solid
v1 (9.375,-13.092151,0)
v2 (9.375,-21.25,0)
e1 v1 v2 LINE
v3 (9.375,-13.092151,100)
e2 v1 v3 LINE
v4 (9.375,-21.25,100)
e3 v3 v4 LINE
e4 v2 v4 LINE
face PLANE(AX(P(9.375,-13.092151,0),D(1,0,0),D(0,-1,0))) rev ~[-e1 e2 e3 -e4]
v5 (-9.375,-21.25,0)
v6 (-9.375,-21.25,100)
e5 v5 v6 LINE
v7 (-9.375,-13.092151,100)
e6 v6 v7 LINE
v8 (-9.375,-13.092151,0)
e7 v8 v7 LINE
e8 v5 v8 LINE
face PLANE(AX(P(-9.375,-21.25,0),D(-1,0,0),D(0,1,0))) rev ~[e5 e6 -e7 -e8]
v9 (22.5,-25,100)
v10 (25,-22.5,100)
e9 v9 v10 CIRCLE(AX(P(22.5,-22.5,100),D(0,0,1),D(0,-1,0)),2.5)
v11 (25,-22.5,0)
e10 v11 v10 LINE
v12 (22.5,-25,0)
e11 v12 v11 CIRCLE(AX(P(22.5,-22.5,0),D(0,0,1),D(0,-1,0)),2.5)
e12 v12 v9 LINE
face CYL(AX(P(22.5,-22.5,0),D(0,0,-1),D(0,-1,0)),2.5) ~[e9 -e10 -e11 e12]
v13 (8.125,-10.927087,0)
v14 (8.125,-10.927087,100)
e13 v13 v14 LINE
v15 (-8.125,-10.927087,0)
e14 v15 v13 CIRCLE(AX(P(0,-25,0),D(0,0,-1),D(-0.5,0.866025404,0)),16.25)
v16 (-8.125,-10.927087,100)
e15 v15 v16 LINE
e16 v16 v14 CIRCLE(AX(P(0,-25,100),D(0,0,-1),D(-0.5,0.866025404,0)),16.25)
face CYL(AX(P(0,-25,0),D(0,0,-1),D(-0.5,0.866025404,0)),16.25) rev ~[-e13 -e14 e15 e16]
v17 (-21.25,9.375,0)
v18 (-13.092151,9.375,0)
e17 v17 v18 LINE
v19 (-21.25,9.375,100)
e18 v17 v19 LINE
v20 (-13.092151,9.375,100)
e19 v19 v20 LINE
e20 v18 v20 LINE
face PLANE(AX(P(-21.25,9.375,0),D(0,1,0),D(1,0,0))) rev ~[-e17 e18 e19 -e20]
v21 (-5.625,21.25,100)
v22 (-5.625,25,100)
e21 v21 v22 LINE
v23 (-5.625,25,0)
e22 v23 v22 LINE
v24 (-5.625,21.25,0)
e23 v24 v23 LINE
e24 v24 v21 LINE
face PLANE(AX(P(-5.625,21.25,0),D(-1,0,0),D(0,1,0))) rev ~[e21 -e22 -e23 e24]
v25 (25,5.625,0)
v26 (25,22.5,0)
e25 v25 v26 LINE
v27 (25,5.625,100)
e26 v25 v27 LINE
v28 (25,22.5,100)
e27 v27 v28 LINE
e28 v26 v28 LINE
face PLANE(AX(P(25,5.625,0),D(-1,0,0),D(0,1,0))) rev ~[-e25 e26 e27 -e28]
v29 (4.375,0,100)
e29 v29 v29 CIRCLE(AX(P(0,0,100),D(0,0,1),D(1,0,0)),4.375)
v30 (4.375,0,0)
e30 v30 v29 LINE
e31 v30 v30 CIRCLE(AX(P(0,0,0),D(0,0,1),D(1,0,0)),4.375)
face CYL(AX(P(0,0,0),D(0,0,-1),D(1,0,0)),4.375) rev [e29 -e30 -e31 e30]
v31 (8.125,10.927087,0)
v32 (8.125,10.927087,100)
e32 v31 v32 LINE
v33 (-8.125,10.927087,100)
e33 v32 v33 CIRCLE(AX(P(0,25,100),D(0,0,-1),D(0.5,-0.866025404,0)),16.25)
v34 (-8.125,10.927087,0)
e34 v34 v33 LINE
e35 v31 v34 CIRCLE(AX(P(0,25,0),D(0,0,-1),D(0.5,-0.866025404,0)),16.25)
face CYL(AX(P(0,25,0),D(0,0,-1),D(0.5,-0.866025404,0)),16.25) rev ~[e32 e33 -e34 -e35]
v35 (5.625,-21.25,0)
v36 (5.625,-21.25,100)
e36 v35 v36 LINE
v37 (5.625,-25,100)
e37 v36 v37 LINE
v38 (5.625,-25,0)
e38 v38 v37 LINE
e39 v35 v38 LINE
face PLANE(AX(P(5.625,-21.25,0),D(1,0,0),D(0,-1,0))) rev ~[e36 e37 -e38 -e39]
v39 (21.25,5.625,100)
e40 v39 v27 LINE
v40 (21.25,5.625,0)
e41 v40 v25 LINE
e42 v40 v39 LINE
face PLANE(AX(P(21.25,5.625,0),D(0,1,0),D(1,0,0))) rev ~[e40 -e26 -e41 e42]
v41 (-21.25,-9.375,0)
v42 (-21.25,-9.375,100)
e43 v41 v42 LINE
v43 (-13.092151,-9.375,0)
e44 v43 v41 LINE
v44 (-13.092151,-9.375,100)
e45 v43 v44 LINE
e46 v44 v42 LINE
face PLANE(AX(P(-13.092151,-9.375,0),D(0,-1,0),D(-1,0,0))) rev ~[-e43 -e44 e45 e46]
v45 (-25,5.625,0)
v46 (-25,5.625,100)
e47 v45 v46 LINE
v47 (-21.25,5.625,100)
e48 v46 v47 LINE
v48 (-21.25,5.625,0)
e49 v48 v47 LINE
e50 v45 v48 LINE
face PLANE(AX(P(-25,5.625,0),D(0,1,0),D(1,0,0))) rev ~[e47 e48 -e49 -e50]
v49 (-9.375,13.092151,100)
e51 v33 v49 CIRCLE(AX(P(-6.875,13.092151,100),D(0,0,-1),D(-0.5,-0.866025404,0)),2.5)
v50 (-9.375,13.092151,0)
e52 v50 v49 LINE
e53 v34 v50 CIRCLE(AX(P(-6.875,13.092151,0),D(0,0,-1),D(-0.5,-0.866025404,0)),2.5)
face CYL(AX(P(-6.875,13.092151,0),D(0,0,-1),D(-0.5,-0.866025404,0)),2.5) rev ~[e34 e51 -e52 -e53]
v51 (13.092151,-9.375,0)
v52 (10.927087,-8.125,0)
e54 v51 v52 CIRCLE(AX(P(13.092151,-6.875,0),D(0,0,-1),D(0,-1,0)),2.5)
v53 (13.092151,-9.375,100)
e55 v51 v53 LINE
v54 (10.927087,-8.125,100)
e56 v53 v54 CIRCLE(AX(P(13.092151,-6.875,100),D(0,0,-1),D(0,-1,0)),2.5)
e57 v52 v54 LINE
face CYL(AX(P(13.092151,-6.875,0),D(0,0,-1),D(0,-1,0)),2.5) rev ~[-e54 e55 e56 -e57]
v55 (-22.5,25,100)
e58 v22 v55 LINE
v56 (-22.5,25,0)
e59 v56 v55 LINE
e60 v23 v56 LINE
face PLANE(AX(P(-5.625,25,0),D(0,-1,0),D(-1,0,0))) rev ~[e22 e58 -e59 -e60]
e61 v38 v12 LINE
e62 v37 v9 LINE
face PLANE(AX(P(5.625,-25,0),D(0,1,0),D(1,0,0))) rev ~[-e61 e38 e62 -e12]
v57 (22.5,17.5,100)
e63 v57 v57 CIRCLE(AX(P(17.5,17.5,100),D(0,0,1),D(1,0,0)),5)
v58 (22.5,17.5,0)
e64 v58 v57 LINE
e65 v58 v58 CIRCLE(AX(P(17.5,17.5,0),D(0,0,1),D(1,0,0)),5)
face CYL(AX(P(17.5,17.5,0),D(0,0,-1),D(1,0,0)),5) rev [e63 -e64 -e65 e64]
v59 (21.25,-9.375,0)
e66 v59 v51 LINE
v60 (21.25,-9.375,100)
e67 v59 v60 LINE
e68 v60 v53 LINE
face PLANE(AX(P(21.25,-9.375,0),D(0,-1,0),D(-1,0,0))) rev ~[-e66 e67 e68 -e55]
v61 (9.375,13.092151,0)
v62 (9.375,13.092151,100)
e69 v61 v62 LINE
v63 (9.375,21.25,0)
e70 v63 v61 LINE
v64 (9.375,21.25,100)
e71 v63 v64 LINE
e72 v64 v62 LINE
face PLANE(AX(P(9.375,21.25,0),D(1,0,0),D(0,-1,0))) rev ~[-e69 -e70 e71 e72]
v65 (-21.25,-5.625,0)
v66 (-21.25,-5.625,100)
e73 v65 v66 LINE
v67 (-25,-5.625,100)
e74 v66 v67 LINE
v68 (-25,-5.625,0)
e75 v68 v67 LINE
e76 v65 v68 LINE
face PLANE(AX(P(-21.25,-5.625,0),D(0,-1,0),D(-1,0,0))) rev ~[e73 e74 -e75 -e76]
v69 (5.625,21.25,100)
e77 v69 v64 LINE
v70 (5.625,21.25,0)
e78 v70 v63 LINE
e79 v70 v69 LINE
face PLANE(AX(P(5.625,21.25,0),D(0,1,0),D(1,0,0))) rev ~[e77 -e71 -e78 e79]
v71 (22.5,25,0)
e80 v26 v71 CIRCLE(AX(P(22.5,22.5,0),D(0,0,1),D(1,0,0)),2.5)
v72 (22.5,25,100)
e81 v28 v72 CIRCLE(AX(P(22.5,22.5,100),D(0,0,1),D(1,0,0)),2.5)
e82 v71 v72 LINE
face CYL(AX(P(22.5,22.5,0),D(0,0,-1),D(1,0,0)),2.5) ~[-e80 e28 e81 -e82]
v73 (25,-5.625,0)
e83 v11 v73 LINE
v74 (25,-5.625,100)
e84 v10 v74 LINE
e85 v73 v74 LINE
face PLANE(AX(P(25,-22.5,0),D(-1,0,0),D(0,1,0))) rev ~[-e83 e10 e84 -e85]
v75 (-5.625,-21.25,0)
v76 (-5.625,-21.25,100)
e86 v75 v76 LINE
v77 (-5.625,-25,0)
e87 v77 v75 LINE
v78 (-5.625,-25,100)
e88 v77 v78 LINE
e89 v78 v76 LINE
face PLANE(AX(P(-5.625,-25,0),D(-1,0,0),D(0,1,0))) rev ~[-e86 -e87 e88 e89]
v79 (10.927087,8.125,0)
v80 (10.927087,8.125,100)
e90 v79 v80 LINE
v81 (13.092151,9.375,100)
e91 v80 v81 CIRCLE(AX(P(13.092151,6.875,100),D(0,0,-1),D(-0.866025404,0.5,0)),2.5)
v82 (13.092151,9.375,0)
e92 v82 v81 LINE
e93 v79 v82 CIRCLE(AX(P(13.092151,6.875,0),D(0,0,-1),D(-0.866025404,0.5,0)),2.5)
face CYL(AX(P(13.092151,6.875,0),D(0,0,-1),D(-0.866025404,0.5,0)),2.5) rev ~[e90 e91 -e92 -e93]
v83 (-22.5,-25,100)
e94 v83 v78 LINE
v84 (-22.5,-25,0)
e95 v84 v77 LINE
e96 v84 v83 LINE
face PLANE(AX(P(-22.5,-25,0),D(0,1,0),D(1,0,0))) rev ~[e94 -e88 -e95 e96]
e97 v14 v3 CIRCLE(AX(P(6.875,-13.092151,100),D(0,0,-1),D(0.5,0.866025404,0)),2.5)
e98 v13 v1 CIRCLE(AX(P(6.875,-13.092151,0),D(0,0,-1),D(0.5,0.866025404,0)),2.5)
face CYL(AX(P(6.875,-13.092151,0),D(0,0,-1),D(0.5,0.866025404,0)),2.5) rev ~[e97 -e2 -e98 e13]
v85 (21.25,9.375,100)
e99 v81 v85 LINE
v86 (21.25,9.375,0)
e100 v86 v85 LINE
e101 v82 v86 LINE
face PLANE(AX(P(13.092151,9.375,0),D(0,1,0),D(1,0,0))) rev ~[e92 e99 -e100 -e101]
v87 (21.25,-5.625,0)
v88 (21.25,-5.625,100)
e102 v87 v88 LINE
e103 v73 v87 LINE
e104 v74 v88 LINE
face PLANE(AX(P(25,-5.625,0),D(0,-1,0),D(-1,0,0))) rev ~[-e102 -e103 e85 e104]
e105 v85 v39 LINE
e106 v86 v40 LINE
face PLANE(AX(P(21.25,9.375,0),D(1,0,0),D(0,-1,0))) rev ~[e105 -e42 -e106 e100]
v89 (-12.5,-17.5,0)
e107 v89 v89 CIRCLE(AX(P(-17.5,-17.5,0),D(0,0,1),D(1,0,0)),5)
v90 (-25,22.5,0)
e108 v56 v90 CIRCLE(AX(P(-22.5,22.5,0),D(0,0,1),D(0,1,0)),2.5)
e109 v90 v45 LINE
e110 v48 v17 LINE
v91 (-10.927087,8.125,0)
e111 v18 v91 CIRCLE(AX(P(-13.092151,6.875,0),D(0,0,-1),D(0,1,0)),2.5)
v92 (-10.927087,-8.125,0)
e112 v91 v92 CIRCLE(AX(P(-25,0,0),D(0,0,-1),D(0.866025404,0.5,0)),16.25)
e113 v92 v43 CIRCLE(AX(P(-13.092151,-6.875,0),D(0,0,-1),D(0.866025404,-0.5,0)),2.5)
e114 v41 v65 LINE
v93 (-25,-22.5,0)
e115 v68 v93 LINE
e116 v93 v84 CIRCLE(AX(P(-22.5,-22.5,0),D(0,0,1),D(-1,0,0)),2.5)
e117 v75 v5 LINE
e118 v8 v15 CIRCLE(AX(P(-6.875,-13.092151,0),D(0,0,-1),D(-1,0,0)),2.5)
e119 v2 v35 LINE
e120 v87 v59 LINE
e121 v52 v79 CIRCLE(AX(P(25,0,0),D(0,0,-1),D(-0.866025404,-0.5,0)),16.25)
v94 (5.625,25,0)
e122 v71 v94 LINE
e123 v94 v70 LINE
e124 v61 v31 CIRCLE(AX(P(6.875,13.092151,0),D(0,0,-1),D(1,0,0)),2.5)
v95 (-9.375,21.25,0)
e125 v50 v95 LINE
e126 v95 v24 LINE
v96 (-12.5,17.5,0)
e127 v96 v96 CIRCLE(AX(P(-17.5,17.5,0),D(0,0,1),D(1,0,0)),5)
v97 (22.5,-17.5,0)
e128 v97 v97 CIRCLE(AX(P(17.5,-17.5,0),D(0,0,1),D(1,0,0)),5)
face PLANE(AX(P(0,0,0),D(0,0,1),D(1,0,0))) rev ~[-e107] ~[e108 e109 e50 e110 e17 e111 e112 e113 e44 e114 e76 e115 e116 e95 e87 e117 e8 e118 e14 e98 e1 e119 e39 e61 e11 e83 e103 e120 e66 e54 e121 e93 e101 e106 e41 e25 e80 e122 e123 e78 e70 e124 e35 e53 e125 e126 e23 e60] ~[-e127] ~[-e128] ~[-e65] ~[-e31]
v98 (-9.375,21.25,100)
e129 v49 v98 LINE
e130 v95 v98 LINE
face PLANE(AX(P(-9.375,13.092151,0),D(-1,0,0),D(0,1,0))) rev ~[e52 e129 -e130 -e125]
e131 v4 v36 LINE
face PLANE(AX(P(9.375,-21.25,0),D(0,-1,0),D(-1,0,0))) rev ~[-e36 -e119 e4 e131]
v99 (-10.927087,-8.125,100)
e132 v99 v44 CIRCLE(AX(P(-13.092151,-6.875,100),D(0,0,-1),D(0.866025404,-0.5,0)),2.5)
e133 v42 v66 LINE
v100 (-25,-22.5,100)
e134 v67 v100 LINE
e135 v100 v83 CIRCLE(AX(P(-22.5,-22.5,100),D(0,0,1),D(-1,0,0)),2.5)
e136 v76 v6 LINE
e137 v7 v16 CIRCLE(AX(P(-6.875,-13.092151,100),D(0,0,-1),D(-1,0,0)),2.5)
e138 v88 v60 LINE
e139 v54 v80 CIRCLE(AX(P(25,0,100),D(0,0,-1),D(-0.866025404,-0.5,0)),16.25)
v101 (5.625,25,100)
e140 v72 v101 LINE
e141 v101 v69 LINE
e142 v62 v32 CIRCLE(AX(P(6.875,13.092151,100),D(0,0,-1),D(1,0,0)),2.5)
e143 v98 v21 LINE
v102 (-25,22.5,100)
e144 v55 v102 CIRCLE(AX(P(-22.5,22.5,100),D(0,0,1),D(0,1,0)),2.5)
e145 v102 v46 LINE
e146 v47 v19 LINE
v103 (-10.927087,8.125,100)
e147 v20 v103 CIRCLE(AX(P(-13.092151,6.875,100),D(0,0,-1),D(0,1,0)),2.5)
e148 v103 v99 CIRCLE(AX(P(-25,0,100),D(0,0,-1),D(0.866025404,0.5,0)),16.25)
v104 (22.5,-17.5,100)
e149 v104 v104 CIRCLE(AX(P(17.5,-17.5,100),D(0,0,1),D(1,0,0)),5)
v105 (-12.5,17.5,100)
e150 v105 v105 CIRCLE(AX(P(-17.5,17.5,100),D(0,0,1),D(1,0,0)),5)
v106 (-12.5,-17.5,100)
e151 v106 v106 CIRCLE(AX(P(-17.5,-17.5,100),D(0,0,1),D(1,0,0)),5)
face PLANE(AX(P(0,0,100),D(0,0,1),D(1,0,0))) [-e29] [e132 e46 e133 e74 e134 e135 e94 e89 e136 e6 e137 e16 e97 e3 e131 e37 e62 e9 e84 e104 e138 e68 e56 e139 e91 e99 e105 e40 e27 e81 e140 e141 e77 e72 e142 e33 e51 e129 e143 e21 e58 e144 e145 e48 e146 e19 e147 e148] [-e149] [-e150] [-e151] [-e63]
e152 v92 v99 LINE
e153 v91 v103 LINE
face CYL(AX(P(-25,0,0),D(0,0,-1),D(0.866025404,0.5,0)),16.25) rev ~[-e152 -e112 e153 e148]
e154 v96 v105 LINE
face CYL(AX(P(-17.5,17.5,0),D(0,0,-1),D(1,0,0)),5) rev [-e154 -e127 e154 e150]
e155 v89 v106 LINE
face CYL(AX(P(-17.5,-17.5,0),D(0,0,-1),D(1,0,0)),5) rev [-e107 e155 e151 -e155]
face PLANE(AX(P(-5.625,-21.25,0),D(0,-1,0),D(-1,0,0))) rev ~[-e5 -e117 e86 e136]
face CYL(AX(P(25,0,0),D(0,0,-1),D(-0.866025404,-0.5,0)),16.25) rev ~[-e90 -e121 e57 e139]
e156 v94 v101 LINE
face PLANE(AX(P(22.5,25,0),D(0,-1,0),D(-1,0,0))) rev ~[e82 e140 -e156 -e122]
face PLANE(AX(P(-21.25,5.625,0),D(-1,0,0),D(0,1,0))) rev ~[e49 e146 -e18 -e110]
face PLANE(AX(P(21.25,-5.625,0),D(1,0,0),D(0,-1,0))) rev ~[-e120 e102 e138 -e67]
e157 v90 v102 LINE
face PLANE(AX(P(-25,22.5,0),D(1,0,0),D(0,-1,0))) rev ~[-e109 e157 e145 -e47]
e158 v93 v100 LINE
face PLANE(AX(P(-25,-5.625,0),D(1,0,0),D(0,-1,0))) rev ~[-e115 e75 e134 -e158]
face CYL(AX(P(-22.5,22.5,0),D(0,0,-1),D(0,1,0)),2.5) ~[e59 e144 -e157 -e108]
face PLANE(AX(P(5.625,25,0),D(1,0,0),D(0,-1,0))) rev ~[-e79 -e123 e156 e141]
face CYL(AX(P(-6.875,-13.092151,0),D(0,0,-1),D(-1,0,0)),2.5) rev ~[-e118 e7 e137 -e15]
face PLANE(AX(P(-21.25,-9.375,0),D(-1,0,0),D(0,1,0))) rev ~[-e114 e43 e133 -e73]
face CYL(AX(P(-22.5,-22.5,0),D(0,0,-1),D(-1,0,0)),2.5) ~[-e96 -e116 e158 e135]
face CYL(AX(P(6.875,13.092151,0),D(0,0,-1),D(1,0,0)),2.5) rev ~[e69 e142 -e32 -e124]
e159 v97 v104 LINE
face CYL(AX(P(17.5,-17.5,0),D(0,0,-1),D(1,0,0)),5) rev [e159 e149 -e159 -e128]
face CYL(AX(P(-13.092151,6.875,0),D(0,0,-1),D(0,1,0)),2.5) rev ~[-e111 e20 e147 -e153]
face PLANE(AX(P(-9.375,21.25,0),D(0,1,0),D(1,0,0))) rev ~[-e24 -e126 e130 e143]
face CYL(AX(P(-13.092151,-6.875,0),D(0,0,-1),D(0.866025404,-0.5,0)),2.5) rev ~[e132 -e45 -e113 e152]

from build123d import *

# Parameters (mm, degrees)
SKETCH1_R           = 5
SKETCH1_R_2         = 4.375
BOSS_EXTRUDE1_DEPTH = 100


with BuildPart() as part:
    # Sketch1 → Boss-Extrude1 (new body)
    with BuildSketch(Plane.XY):
        with BuildLine():
            Line((-25, 22.5), (-25, 5.625))
            Line((-25, 5.625), (-21.25, 5.625))
            Line((-21.25, 5.625), (-21.25, 9.375))
            Line((-21.25, 9.375), (-13.092150698, 9.375))
            ThreePointArc((-13.092150698, 9.375), (-11.842150698, 9.040063509), (-10.927087189, 8.125))
            ThreePointArc((-10.927087189, 8.125), (-8.75, 0), (-10.927087189, -8.125))
            ThreePointArc((-10.927087189, -8.125), (-11.842150698, -9.040063509), (-13.092150698, -9.375))
            Line((-13.092150698, -9.375), (-21.25, -9.375))
            Line((-21.25, -9.375), (-21.25, -5.625))
            Line((-21.25, -5.625), (-25, -5.625))
            Line((-25, -5.625), (-25, -22.5))
            ThreePointArc((-25, -22.5), (-24.267766953, -24.267766953), (-22.5, -25))
            Line((-22.5, -25), (-5.625, -25))
            Line((-5.625, -25), (-5.625, -21.25))
            Line((-5.625, -21.25), (-9.375, -21.25))
            Line((-9.375, -21.25), (-9.375, -13.092150698))
            ThreePointArc((-9.375, -13.092150698), (-9.040063509, -11.842150698), (-8.125, -10.927087189))
            ThreePointArc((-8.125, -10.927087189), (0, -8.75), (8.125, -10.927087189))
            ThreePointArc((8.125, -10.927087189), (9.040063509, -11.842150698), (9.375, -13.092150698))
            Line((9.375, -13.092150698), (9.375, -21.25))
            Line((9.375, -21.25), (5.625, -21.25))
            Line((5.625, -21.25), (5.625, -25))
            Line((5.625, -25), (22.5, -25))
            ThreePointArc((22.5, -25), (24.267766953, -24.267766953), (25, -22.5))
            Line((25, -22.5), (25, -5.625))
            Line((25, -5.625), (21.25, -5.625))
            Line((21.25, -5.625), (21.25, -9.375))
            Line((21.25, -9.375), (13.092150698, -9.375))
            ThreePointArc((13.092150698, -9.375), (11.842150698, -9.040063509), (10.927087189, -8.125))
            ThreePointArc((10.927087189, -8.125), (8.75, 0), (10.927087189, 8.125))
            ThreePointArc((10.927087189, 8.125), (11.842150698, 9.040063509), (13.092150698, 9.375))
            Line((13.092150698, 9.375), (21.25, 9.375))
            Line((21.25, 9.375), (21.25, 5.625))
            Line((21.25, 5.625), (25, 5.625))
            Line((25, 5.625), (25, 22.5))
            ThreePointArc((25, 22.5), (24.267766953, 24.267766953), (22.5, 25))
            Line((22.5, 25), (5.625, 25))
            Line((5.625, 25), (5.625, 21.25))
            Line((5.625, 21.25), (9.375, 21.25))
            Line((9.375, 21.25), (9.375, 13.092150698))
            ThreePointArc((9.375, 13.092150698), (9.040063509, 11.842150698), (8.125, 10.927087189))
            ThreePointArc((8.125, 10.927087189), (0, 8.75), (-8.125, 10.927087189))
            ThreePointArc((-8.125, 10.927087189), (-9.040063509, 11.842150698), (-9.375, 13.092150698))
            Line((-9.375, 13.092150698), (-9.375, 21.25))
            Line((-9.375, 21.25), (-5.625, 21.25))
            Line((-5.625, 21.25), (-5.625, 25))
            Line((-5.625, 25), (-22.5, 25))
            ThreePointArc((-22.5, 25), (-24.267766953, 24.267766953), (-25, 22.5))
        make_face()
        with Locations((-17.5, -17.5)):
            Circle(SKETCH1_R, mode=Mode.SUBTRACT)
        with Locations((17.5, -17.5)):
            Circle(SKETCH1_R, mode=Mode.SUBTRACT)
        with Locations((17.5, 17.5)):
            Circle(SKETCH1_R, mode=Mode.SUBTRACT)
        Circle(SKETCH1_R_2, mode=Mode.SUBTRACT)
        with Locations((-17.5, 17.5)):
            Circle(SKETCH1_R, mode=Mode.SUBTRACT)
    extrude(amount=BOSS_EXTRUDE1_DEPTH)


solid = part.part
